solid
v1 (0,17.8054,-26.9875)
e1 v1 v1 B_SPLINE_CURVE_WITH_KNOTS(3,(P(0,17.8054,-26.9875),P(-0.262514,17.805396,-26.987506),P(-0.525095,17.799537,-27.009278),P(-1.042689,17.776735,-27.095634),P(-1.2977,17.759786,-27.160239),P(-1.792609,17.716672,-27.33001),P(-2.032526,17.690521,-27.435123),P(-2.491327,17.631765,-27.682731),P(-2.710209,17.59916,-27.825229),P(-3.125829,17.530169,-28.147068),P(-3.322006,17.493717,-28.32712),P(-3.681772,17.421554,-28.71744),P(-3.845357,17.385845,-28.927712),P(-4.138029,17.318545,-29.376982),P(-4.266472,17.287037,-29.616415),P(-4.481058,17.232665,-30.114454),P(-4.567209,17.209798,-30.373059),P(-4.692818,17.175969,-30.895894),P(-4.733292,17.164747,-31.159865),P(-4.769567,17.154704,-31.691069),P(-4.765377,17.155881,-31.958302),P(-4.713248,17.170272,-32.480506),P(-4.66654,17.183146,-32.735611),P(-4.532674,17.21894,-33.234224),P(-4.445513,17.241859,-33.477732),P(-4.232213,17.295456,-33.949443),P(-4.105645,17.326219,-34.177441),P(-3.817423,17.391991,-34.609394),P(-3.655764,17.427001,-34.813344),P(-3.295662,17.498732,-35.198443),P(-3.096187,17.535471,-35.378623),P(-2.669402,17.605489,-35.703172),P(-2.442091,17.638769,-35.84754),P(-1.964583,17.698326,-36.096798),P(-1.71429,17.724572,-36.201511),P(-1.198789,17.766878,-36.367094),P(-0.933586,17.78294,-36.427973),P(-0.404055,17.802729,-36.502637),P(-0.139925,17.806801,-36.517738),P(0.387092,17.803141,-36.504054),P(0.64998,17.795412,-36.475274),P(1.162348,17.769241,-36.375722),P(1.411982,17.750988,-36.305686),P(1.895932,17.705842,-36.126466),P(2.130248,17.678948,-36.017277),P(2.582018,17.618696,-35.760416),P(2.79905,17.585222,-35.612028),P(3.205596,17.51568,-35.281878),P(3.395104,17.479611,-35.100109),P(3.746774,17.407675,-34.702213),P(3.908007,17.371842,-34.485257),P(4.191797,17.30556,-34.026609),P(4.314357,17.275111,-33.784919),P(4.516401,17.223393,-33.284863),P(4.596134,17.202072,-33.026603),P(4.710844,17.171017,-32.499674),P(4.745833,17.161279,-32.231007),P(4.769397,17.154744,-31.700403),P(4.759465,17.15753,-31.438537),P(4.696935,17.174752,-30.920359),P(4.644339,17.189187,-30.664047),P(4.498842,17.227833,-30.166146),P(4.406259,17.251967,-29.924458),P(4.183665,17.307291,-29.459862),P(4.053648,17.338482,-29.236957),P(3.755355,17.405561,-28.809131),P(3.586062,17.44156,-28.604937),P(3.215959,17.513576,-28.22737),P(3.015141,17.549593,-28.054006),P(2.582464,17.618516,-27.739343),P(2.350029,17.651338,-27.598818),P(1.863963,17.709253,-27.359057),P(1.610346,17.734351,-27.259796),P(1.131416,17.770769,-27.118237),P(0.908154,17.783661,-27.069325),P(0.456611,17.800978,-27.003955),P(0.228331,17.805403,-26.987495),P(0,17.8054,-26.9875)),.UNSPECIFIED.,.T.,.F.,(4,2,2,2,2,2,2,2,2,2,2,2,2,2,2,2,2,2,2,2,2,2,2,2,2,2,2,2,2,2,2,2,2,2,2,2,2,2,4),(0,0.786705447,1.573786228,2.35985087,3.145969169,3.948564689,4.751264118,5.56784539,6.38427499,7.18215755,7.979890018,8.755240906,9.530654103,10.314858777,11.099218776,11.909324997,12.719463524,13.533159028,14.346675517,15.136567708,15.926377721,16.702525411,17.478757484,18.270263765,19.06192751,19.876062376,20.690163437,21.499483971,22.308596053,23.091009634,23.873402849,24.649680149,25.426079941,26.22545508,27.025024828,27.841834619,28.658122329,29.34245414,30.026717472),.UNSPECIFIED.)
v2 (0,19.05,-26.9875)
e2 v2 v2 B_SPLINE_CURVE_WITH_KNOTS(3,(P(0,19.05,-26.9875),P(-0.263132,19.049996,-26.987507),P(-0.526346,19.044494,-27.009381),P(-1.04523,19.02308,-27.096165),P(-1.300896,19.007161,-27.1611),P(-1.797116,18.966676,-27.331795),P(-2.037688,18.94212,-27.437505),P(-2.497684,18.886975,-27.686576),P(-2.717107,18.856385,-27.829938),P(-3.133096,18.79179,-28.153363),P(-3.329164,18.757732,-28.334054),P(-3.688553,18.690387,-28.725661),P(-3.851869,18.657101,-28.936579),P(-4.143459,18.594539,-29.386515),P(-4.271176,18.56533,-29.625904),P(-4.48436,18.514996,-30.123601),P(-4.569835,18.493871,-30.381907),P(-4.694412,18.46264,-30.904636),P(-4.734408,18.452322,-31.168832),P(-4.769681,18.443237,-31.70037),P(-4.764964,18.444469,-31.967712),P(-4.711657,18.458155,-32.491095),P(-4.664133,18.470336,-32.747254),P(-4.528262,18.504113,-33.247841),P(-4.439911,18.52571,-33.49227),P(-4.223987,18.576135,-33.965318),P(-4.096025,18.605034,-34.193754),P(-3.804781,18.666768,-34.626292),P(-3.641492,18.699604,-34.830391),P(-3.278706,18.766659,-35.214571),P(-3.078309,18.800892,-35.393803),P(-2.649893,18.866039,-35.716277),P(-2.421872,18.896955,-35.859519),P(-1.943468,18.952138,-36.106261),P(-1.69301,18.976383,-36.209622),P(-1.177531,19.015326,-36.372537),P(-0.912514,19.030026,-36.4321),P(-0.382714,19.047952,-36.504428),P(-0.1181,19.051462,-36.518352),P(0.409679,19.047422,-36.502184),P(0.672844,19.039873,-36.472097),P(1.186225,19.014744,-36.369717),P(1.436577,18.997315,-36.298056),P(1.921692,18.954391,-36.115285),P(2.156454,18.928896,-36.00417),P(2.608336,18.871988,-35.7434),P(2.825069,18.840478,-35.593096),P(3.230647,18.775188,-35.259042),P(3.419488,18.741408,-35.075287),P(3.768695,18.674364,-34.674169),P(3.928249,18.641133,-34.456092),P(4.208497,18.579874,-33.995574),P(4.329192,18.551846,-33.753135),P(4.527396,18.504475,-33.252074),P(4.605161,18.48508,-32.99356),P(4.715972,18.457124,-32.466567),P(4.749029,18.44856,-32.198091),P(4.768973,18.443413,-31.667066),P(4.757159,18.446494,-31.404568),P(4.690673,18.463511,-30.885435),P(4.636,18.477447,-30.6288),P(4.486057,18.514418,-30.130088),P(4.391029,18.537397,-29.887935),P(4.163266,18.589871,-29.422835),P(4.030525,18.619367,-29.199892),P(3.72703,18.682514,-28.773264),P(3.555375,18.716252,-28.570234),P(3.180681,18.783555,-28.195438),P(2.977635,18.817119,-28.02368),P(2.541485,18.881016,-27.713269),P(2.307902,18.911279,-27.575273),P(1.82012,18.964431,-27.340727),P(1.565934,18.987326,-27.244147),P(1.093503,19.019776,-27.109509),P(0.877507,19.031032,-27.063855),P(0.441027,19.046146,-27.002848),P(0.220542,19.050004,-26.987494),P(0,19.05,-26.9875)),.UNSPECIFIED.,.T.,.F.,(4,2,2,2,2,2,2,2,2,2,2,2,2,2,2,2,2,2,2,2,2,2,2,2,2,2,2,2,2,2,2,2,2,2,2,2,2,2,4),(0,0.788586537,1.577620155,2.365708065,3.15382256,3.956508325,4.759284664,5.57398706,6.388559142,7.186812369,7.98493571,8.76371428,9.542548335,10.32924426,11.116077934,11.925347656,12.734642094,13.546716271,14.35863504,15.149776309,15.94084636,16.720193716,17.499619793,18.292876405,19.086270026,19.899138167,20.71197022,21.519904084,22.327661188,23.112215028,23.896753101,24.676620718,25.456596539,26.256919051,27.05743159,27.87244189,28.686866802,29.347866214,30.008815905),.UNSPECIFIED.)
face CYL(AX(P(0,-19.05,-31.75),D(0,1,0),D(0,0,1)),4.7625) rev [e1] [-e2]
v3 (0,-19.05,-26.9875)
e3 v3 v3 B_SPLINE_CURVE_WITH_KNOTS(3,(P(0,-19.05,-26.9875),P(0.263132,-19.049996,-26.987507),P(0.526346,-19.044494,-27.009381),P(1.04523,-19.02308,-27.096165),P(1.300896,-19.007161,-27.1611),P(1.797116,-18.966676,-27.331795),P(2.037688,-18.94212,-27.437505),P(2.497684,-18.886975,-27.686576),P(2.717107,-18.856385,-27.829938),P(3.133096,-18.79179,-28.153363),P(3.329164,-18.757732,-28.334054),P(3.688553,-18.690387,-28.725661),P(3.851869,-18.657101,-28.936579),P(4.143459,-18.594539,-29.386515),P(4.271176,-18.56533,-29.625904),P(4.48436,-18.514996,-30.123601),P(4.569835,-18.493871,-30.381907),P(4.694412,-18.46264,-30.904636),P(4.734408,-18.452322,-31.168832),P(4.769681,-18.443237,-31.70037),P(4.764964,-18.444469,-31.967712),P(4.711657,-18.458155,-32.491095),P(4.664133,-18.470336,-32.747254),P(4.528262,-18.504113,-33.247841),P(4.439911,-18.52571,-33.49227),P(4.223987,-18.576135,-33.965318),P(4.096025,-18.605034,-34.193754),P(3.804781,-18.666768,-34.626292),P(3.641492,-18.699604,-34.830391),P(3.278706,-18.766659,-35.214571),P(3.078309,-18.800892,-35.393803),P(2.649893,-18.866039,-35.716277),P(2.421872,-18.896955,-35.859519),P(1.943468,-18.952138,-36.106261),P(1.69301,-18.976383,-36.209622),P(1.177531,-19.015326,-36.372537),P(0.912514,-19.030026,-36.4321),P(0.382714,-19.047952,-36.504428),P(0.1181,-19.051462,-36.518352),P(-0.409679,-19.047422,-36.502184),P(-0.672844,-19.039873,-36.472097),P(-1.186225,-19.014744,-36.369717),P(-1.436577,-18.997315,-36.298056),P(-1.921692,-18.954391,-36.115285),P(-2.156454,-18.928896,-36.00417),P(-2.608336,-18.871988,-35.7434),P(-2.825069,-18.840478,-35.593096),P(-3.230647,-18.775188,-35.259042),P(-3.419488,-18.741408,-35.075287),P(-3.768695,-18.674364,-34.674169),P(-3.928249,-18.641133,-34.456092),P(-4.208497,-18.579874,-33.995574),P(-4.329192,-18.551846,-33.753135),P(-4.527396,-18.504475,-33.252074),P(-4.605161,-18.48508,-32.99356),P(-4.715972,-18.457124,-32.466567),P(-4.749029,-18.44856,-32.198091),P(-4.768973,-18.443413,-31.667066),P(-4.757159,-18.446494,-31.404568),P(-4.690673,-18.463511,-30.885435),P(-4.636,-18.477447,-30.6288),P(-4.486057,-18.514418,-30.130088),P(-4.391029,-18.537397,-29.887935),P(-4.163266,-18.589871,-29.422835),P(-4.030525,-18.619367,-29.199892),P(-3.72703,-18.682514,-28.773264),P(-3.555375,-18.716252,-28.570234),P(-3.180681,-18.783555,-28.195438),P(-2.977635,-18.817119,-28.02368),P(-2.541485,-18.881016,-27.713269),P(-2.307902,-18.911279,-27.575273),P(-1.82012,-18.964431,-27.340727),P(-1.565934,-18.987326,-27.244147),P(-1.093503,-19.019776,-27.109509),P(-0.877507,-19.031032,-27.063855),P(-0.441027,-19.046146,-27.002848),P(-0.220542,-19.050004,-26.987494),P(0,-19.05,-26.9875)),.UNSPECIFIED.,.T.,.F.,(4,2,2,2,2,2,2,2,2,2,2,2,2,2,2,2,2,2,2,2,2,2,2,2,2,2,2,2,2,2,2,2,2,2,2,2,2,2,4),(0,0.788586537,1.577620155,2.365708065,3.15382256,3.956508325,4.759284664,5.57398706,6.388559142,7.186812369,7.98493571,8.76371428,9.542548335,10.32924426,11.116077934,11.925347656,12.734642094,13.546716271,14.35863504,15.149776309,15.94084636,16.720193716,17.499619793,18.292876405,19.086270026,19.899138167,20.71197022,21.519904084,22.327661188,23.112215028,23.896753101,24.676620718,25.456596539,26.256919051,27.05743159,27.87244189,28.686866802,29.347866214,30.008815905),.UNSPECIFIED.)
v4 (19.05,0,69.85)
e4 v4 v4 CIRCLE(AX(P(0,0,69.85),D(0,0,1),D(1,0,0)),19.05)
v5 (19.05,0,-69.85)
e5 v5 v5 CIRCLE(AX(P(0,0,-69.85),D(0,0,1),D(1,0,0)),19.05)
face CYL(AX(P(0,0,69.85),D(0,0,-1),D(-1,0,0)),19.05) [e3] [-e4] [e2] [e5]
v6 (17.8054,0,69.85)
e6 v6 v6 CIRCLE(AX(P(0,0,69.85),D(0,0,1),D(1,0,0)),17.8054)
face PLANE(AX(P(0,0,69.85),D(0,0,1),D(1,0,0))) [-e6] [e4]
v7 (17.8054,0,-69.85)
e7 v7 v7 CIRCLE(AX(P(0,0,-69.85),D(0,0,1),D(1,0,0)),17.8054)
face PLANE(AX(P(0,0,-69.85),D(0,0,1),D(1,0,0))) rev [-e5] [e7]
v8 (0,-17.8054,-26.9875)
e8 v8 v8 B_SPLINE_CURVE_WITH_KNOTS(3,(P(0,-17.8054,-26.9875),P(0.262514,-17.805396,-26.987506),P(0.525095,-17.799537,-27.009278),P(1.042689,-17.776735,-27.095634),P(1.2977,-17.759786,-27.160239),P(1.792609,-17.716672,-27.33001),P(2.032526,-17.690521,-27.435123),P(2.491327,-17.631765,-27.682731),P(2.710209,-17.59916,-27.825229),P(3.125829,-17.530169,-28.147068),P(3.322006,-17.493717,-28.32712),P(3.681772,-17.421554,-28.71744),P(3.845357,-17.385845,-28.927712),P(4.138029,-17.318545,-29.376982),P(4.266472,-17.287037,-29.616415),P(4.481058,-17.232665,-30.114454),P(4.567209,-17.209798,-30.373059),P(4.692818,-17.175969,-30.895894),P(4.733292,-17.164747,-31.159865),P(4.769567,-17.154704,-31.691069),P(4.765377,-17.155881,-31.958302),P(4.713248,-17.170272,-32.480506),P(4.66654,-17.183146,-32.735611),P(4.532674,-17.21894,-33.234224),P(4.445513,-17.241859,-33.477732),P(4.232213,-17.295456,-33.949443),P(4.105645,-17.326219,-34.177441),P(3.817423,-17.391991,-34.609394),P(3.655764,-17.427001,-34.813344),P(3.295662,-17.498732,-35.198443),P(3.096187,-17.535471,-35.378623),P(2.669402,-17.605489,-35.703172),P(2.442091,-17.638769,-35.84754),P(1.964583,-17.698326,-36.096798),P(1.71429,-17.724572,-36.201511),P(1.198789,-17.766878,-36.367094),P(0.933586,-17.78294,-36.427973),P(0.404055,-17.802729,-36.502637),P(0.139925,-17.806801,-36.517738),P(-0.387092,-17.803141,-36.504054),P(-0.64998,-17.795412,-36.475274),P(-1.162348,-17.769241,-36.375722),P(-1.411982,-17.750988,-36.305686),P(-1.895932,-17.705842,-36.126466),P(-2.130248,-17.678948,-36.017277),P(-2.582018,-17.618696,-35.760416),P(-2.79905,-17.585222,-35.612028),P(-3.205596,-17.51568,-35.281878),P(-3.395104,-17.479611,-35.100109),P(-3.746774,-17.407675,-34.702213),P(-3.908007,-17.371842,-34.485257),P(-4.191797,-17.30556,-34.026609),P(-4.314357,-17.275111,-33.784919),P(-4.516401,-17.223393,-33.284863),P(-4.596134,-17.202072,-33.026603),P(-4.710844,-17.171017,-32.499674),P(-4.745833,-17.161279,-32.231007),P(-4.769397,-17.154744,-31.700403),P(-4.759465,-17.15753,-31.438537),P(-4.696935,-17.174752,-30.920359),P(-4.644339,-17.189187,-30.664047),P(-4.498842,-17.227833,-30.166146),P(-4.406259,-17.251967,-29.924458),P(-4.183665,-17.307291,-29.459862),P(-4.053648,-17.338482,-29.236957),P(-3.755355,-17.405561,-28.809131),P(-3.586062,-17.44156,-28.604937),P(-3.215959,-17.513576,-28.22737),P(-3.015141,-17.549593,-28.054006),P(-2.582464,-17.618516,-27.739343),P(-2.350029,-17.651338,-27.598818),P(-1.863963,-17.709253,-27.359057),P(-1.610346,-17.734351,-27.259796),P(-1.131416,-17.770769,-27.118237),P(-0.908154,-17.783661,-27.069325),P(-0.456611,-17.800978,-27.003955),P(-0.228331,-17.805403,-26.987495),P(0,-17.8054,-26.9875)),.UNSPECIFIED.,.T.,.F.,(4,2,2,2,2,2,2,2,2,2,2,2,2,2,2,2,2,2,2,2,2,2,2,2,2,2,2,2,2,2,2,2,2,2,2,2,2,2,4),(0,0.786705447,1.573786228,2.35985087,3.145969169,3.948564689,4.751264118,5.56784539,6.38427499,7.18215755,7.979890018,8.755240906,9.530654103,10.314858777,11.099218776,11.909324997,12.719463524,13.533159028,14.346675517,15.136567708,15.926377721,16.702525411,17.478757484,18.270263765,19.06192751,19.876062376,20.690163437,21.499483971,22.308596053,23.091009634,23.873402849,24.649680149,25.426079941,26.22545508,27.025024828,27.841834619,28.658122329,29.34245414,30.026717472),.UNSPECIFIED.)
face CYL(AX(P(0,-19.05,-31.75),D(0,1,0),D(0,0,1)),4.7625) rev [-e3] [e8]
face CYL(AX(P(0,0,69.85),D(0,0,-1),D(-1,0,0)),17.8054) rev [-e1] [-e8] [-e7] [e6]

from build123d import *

# Parameters (mm, degrees)
SKETCH3_R           = 19.05
SKETCH3_R_2         = 17.8054
BOSS_EXTRUDE1_DEPTH = 69.85
SKETCH4_R           = 4.7625
CUT_EXTRUDE1_DEPTH  = 85.957209818


with BuildPart() as part:
    # Sketch3 → Boss-Extrude1 (new, symmetric)
    with BuildSketch(Plane.XY):
        Circle(SKETCH3_R)
        Circle(SKETCH3_R_2, mode=Mode.SUBTRACT)
    extrude(amount=BOSS_EXTRUDE1_DEPTH, both=True)

    # Sketch4 → Cut-Extrude1 (cut, through all)
    with BuildSketch(Plane(origin=(0, 25.4, 0), x_dir=(1, 0, 0), z_dir=(0, 1, 0))):
        with Locations(Location((0, 31.75, 0), (0, 0, 270))):
            Circle(SKETCH4_R)
    extrude(amount=-CUT_EXTRUDE1_DEPTH, mode=Mode.SUBTRACT)


solid = part.part
